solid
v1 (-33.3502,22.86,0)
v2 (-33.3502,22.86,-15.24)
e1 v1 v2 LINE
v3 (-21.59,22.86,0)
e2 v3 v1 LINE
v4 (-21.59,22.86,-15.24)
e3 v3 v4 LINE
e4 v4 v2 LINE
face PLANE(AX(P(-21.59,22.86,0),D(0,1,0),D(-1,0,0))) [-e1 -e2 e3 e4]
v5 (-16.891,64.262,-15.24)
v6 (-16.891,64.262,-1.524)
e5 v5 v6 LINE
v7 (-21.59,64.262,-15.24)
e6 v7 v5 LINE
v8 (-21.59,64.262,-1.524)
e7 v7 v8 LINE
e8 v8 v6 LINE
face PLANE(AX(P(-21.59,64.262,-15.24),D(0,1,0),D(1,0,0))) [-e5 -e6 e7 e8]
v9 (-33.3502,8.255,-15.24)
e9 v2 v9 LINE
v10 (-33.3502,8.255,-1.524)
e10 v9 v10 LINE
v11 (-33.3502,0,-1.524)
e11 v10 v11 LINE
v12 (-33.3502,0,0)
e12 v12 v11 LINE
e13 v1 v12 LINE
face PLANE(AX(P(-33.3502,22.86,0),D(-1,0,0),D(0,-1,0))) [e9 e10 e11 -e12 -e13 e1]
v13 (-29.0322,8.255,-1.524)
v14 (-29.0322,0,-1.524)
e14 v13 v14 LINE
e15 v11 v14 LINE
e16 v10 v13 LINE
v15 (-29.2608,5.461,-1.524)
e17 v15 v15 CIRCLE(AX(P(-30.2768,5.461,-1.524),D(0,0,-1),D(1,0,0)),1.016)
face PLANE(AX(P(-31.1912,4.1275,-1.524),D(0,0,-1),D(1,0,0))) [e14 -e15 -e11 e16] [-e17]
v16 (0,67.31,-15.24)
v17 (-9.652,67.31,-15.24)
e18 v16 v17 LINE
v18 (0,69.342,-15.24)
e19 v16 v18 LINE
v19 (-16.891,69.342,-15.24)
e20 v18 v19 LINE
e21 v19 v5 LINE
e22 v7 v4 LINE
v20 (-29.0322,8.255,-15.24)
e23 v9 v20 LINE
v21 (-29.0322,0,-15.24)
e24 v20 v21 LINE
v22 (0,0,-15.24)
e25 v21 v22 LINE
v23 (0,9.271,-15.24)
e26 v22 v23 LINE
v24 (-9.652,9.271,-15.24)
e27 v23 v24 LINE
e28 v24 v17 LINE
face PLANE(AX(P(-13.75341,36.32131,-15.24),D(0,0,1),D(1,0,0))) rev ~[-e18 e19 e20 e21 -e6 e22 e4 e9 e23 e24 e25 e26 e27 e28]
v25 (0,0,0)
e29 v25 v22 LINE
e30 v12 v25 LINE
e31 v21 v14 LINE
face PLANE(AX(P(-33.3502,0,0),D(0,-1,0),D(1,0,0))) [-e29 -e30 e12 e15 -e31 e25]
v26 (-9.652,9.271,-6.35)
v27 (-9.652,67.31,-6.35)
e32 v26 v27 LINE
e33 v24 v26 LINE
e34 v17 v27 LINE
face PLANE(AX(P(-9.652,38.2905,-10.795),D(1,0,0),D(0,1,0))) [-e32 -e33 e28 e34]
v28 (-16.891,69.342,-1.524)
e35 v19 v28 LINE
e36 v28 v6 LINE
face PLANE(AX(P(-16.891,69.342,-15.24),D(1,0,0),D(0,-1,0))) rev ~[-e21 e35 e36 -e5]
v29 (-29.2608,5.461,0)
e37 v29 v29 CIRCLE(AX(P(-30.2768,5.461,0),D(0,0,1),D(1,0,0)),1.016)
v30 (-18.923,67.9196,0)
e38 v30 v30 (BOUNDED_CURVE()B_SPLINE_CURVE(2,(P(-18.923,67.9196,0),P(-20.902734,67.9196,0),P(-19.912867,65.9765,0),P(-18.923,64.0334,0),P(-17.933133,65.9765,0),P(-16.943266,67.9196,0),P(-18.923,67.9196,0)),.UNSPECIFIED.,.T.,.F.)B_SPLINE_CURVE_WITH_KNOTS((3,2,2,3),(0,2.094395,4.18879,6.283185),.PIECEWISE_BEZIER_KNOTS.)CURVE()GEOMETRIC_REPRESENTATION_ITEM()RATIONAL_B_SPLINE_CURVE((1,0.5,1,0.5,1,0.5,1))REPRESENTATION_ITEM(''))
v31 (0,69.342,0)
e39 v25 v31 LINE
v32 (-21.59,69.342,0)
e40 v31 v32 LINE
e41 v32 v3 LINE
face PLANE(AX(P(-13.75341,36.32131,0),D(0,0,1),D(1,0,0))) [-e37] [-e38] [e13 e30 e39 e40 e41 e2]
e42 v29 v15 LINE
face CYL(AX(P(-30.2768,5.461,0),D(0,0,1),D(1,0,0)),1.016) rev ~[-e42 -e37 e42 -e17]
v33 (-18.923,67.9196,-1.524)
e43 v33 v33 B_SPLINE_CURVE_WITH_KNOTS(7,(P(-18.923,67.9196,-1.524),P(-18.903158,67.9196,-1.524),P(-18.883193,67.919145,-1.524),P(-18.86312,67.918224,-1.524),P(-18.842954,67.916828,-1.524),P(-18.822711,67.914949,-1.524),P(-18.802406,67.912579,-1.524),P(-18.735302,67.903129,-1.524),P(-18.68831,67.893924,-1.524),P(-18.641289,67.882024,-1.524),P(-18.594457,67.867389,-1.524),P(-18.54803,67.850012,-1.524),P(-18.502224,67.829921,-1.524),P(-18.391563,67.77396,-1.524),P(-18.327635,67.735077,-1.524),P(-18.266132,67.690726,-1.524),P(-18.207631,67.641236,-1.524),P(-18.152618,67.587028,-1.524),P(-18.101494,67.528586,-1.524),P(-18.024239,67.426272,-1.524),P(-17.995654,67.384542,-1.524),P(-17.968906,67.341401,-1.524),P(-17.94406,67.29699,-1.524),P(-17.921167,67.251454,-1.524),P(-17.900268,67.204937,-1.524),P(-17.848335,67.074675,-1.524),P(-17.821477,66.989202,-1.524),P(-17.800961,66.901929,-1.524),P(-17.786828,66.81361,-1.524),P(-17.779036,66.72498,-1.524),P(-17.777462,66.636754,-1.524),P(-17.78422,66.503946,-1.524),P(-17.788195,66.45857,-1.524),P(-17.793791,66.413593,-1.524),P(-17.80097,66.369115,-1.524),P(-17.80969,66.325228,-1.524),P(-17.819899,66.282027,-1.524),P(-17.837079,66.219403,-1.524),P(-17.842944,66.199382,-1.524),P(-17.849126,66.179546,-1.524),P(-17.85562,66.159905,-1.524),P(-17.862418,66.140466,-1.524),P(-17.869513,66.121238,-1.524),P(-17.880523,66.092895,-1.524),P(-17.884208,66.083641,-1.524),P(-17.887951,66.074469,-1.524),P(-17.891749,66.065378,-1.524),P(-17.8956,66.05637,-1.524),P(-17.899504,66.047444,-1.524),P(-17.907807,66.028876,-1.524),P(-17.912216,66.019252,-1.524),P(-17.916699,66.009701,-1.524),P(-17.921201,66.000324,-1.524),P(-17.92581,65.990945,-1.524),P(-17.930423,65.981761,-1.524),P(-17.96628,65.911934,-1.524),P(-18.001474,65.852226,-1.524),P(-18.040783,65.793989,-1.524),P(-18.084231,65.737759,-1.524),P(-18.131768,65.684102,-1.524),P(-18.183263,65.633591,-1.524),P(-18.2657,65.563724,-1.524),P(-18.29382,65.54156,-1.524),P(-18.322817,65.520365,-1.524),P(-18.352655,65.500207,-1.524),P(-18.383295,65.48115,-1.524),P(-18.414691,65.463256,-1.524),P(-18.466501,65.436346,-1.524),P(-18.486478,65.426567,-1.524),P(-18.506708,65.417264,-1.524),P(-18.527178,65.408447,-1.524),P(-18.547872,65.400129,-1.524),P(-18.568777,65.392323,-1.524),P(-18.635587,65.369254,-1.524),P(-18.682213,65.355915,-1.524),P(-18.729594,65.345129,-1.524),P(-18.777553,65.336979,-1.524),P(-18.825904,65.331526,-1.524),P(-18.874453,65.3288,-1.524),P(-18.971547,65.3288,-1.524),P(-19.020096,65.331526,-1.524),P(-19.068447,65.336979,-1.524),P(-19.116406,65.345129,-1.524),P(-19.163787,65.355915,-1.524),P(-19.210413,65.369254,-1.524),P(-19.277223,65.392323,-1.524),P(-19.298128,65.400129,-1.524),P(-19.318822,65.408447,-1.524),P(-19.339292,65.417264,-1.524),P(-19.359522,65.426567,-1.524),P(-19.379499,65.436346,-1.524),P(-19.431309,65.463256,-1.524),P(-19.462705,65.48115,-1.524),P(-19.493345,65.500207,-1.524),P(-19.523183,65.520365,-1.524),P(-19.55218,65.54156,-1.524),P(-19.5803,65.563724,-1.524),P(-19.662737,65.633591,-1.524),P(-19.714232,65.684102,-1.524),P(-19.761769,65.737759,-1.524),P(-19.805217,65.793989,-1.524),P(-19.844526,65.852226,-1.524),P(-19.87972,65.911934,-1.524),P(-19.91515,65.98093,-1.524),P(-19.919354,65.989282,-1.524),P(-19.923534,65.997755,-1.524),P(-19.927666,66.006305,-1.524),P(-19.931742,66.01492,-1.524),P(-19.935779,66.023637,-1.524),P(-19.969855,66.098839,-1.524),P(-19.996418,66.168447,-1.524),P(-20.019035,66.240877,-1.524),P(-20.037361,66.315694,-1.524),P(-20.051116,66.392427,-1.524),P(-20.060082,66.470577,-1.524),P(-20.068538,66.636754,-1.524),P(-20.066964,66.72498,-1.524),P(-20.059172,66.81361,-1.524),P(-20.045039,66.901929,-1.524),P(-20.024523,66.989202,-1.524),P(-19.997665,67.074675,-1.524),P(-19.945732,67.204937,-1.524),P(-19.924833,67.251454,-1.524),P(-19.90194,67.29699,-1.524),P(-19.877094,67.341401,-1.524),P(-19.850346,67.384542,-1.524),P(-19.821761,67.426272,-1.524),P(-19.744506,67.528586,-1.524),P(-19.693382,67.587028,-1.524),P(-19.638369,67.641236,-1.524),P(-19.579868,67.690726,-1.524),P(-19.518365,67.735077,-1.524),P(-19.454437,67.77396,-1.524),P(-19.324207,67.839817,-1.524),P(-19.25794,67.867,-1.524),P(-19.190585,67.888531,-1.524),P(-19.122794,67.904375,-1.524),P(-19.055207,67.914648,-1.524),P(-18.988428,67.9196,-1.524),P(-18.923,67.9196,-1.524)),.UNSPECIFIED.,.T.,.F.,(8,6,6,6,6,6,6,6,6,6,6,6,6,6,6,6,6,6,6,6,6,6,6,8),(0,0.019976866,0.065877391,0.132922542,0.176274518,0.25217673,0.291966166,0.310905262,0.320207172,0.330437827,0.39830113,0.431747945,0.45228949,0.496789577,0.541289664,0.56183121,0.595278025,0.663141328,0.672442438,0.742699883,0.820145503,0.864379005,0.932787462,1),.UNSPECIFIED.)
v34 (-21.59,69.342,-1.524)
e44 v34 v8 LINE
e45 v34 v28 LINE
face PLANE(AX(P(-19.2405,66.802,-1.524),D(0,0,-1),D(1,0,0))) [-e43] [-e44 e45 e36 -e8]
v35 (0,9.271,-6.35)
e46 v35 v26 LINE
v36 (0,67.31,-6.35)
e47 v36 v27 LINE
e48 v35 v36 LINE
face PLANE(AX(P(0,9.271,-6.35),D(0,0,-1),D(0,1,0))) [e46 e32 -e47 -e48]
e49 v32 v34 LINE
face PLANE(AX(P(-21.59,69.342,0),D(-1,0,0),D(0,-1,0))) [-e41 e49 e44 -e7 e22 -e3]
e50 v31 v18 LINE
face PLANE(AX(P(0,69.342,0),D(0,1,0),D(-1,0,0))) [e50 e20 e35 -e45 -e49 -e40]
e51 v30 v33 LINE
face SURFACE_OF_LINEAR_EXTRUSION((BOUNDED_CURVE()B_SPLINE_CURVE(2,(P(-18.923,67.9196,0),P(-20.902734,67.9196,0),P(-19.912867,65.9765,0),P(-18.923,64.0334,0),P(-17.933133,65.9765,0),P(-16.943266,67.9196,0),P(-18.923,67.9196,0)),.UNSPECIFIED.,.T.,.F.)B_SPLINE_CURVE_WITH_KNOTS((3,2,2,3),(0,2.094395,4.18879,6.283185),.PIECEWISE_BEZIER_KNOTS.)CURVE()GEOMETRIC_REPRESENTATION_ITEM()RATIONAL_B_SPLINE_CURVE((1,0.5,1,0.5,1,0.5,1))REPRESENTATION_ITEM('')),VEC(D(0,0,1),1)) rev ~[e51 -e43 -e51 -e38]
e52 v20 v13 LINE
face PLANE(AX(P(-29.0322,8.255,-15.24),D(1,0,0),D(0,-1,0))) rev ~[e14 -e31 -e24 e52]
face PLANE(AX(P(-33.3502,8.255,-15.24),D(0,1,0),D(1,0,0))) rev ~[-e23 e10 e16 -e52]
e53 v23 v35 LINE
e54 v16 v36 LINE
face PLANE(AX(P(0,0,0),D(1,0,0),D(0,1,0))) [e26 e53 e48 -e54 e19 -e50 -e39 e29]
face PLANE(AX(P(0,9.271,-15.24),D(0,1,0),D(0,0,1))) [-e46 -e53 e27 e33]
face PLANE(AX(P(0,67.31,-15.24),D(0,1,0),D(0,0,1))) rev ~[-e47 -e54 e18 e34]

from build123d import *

# Parameters (mm, degrees)
F0_R     = 1.016
F1_DEPTH = 15.24
F2_W     = 4.318
F2_H     = 8.255
F2_R     = 1.016
F3_DEPTH = 13.716
F4_W     = 4.699
F4_H     = 5.08
F5_DEPTH = 13.716
F6_W     = 58.039
F6_H     = 8.89
F7_DEPTH = 9.652


with BuildPart() as f1:
    # F0 (on Top) → F1 (new body)
    with BuildSketch(Plane.XY):
        Polygon((0, 69.342), (-21.59, 69.342), (-21.59, 22.86), (-33.3502, 22.86), (-33.3502, 9.144), (0, 9.144), align=None)
        with BuildLine():
            add(Edge.make_bspline(
                [(-18.923, 67.9196), (-20.902734, 67.9196), (-19.912867, 65.9765), (-18.923, 64.0334), (-17.933133, 65.9765), (-16.943266, 67.9196), (-18.923, 67.9196)],
                knots=[0, 0, 0, 2.094395, 2.094395, 4.18879, 4.18879, 6.283185, 6.283185, 6.283185], degree=2, weights=[1, 0.5, 1, 0.5, 1, 0.5, 1]))
        make_face(mode=Mode.SUBTRACT)
        Polygon((0, 0), (0, 9.144), (-33.3502, 9.144), (-33.3502, 0), (-21.59, 0), align=None)
        with Locations((-30.2768, 5.461)):
            Circle(F0_R, mode=Mode.SUBTRACT)
    extrude(amount=-F1_DEPTH)

    # F2 (on face) → F3 (cut)
    with BuildSketch(Plane(origin=(0, 0, -15.24), x_dir=(1, 0, 0), z_dir=(0, 0, -1))):
        with Locations((-31.1912, -4.1275)):
            Rectangle(F2_W, F2_H)
        with Locations((-30.2768, -5.461)):
            Circle(F2_R, mode=Mode.SUBTRACT)
    extrude(amount=-F3_DEPTH, mode=Mode.SUBTRACT)

    # F4 (on face) → F5 (cut)
    with BuildSketch(Plane(origin=(0, 0, -15.24), x_dir=(1, 0, 0), z_dir=(0, 0, -1))):
        with Locations((-19.2405, -66.802)):
            Rectangle(F4_W, F4_H)
    extrude(amount=-F5_DEPTH, mode=Mode.SUBTRACT)

    # F6 (on face) → F7 (cut)
    with BuildSketch(Plane.YZ):
        with Locations((38.2905, -10.795)):
            Rectangle(F6_W, F6_H)
    extrude(amount=-F7_DEPTH, mode=Mode.SUBTRACT)


solid = f1.part
